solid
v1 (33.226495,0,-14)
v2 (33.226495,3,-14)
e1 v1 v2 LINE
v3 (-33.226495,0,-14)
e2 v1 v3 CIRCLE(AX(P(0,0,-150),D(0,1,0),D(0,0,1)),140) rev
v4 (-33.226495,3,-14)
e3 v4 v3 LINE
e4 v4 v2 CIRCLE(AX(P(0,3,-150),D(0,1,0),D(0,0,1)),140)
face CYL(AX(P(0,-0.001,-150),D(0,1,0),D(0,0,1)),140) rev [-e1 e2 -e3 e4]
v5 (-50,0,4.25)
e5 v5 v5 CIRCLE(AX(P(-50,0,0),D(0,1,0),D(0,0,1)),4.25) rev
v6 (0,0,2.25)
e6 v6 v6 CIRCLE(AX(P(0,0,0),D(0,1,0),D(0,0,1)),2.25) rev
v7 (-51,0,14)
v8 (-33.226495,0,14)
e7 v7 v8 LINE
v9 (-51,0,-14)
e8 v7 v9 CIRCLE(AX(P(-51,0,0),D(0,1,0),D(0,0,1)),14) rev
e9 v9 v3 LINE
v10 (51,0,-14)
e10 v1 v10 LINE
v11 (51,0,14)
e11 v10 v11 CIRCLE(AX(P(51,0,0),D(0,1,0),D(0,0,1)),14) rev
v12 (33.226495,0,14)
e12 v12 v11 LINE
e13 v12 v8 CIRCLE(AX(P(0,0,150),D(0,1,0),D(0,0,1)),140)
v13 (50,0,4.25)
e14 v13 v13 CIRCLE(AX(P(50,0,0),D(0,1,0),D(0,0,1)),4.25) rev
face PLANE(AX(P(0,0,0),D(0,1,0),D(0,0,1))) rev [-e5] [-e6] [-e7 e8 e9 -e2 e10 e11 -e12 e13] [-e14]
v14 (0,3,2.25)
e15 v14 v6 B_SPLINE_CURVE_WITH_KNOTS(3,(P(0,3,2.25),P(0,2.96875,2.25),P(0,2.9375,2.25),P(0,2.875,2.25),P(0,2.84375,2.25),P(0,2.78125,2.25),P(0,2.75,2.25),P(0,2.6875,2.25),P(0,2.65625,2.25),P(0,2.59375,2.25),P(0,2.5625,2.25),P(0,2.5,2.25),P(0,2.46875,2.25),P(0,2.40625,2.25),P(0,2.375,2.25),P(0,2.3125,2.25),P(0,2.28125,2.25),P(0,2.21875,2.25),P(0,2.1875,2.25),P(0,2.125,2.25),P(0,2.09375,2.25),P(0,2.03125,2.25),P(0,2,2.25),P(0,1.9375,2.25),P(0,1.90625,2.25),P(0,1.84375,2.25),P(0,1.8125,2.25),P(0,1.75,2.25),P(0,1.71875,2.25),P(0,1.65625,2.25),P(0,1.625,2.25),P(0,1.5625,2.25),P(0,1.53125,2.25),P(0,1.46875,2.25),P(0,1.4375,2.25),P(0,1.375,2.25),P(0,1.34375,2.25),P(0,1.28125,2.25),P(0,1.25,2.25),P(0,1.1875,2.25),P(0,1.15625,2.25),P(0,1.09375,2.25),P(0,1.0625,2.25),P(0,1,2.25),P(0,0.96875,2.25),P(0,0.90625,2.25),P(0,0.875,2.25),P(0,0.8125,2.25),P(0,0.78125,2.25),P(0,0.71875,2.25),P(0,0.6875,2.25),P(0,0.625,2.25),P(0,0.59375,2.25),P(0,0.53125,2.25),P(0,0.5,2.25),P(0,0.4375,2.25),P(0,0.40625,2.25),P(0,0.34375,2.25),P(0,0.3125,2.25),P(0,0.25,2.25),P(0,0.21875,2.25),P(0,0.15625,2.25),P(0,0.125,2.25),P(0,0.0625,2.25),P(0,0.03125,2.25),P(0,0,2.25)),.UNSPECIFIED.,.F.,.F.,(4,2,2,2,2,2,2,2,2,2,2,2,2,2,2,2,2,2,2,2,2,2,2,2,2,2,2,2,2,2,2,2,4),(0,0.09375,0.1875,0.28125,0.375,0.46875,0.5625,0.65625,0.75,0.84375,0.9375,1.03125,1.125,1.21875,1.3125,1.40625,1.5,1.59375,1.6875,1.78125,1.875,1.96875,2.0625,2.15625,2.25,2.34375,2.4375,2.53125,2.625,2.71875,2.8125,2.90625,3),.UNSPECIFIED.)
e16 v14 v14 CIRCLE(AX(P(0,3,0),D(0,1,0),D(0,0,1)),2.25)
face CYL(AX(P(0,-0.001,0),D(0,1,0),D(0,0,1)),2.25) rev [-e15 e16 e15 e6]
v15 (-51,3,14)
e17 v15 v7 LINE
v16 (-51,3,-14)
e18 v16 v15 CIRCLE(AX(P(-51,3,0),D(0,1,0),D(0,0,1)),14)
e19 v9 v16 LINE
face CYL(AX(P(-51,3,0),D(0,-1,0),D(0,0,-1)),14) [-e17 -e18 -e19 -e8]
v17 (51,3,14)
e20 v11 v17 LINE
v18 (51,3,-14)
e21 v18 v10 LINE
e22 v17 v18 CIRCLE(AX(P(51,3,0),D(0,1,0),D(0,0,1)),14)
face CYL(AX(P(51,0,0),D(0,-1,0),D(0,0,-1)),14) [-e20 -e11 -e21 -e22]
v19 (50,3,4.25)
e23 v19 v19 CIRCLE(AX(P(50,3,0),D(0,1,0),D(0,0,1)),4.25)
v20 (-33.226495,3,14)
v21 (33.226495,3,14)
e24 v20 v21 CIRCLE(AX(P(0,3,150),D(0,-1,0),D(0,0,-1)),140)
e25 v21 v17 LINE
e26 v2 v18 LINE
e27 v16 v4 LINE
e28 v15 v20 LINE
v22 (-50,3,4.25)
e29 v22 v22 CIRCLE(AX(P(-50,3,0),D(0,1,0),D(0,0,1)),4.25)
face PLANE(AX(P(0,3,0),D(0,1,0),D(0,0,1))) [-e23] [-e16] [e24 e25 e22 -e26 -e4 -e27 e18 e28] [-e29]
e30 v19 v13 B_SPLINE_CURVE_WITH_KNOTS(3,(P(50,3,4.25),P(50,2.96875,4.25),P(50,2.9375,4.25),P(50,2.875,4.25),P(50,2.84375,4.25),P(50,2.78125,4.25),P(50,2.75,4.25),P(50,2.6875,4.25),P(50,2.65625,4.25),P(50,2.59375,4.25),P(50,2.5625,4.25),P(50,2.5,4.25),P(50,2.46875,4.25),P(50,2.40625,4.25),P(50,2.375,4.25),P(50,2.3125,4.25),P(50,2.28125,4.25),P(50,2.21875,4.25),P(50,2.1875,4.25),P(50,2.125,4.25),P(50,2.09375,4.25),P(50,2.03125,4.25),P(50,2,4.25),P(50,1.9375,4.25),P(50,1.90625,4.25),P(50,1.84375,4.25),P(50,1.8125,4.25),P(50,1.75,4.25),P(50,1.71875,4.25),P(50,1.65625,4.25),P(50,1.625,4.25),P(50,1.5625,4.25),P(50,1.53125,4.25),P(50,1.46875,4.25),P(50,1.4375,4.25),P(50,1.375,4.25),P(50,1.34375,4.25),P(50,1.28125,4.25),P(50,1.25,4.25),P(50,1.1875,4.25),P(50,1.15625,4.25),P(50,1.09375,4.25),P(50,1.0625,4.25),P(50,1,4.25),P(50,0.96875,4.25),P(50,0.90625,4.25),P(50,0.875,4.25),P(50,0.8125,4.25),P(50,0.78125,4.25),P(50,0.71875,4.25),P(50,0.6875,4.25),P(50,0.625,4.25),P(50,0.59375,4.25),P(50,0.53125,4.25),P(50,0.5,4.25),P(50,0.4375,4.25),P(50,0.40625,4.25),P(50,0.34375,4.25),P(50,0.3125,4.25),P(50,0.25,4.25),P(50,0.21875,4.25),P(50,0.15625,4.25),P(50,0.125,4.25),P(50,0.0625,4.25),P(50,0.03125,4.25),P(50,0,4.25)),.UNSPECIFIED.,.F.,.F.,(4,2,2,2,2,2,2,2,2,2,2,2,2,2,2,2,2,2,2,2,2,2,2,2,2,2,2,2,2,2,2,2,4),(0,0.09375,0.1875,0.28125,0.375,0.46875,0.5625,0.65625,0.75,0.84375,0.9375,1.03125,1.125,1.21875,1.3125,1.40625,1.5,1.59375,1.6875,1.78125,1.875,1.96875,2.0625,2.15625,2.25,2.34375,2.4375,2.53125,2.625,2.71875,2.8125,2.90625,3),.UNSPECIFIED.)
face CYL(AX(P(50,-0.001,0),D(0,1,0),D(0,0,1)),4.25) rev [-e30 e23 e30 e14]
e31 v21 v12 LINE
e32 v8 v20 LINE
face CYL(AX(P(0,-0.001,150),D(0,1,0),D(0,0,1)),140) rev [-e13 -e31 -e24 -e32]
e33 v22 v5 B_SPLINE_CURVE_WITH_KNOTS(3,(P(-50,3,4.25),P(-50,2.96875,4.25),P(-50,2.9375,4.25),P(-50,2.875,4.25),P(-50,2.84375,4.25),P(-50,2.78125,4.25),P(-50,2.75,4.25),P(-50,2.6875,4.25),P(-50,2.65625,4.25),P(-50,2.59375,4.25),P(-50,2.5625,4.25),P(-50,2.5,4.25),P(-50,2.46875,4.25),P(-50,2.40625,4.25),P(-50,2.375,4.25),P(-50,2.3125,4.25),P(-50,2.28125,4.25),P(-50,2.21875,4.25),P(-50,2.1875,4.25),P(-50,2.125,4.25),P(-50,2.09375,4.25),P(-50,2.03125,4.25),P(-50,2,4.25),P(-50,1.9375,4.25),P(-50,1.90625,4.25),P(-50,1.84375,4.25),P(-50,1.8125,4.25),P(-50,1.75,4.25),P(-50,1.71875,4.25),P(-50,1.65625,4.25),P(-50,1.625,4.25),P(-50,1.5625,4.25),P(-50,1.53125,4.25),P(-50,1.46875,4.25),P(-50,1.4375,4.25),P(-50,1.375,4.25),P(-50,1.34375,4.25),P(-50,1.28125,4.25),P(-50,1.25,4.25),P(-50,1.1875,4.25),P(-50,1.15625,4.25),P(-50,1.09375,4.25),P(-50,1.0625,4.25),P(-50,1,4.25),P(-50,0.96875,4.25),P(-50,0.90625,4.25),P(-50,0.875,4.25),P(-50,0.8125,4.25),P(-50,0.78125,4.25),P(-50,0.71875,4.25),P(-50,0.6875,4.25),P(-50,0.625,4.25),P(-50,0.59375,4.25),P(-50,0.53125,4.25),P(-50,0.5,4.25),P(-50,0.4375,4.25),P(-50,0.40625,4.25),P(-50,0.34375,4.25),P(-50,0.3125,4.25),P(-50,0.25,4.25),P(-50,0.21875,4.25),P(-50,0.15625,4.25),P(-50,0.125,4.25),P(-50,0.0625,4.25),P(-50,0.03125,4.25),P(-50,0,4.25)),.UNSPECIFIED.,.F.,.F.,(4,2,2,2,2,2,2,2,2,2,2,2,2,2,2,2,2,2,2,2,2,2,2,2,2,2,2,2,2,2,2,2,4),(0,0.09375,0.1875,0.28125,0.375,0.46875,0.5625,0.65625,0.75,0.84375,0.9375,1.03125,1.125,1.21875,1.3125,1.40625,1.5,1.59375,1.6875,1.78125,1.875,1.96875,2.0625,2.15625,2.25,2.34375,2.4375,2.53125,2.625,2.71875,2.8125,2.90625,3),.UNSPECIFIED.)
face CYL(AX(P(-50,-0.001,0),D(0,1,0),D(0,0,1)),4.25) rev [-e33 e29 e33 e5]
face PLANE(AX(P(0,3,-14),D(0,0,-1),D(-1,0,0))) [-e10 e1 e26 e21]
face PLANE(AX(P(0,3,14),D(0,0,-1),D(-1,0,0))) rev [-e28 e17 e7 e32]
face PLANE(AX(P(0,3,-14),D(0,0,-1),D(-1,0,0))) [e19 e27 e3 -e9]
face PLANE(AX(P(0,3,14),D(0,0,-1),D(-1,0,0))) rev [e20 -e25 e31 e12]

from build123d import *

# Parameters (mm, degrees)
SKETCH_1_W          = 130
SKETCH_1_H          = 28
EXTRUDE_1_DEPTH     = 3
CUT_EXTRUDE_1_REACH = 68.558
SKETCH_2_R          = 4.25
SKETCH_2_R_2        = 2.25
FILLET_1_RADIUS     = 14
FILLET_1_LENGTH     = 3
CUT_EXTRUDE_3_REACH = 68.558
SKETCH_4_R          = 140
FILLET_2_RADIUS     = 14
FILLET_2_LENGTH     = 3


with BuildPart() as part:
    # 草图1 → 凸台-拉伸1 (new body)
    with BuildSketch(Plane(origin=(0, 0, 0), x_dir=(1, 0, 0), z_dir=(0, 1, 0))):
        Rectangle(SKETCH_1_W, SKETCH_1_H)
    extrude(amount=EXTRUDE_1_DEPTH)

    # 草图2 → 切除-拉伸1 (cut, up to next)
    with BuildSketch(Plane(origin=(0, 3, 0), x_dir=(1, 0, 0), z_dir=(0, 1, 0)), mode=Mode.PRIVATE) as cut_extrude_1_sk1:
        with Locations(Location((-50, 0, 0), (0, 0, 270))):
            Circle(SKETCH_2_R)
    cut_extrude_1_tool1 = extrude(cut_extrude_1_sk1.sketch, amount=-CUT_EXTRUDE_1_REACH, mode=Mode.PRIVATE) & part.part
    # 草图2 → 切除-拉伸1 (cut, up to next)
    with BuildSketch(Plane(origin=(0, 3, 0), x_dir=(1, 0, 0), z_dir=(0, 1, 0)), mode=Mode.PRIVATE) as cut_extrude_1_sk2:
        with Locations(Location((50, 0, 0), (0, 0, 270))):
            Circle(SKETCH_2_R)
    cut_extrude_1_tool2 = extrude(cut_extrude_1_sk2.sketch, amount=-CUT_EXTRUDE_1_REACH, mode=Mode.PRIVATE) & part.part
    # 草图2 → 切除-拉伸1 (cut, up to next)
    with BuildSketch(Plane(origin=(0, 3, 0), x_dir=(1, 0, 0), z_dir=(0, 1, 0)), mode=Mode.PRIVATE) as cut_extrude_1_sk3:
        with Locations(Location((0, 0, 0), (0, 0, 270))):
            Circle(SKETCH_2_R_2)
    cut_extrude_1_tool3 = extrude(cut_extrude_1_sk3.sketch, amount=-CUT_EXTRUDE_1_REACH, mode=Mode.PRIVATE) & part.part
    add(cut_extrude_1_tool1.solids().sort_by_distance((-50, 3, 0))[0], mode=Mode.SUBTRACT)
    add(cut_extrude_1_tool2.solids().sort_by_distance((50, 3, 0))[0], mode=Mode.SUBTRACT)
    add(cut_extrude_1_tool3.solids().sort_by_distance((0, 3, 0))[0], mode=Mode.SUBTRACT)

    # 圆角1: full round fillet: the end face becomes a half cylinder, R = half its width
    fillet_1_face = Plane((-65, 1.5, 0), x_dir=(0, 1, 0), z_dir=(-1, 0, 0))  # on the end face: x along it, z out of the body
    fillet_1_slab = fillet_1_face.offset(-FILLET_1_RADIUS / 2) * Box(FILLET_1_LENGTH, 2 * FILLET_1_RADIUS, FILLET_1_RADIUS, mode=Mode.PRIVATE)  # the body's end, R deep
    fillet_1_round = Plane((-51, 1.5, 0), x_dir=(-1, 0, 0), z_dir=(0, 1, 0)) * Cylinder(FILLET_1_RADIUS, FILLET_1_LENGTH, mode=Mode.PRIVATE)  # its axis R under the face
    add(fillet_1_slab - fillet_1_round, mode=Mode.SUBTRACT)

    # 草图4 → 切除-拉伸3 (cut, up to next)
    with BuildSketch(Plane(origin=(0, 3, 0), x_dir=(1, 0, 0), z_dir=(0, 1, 0)), mode=Mode.PRIVATE) as cut_extrude_3_sk1:
        with Locations((0, 150)):
            Circle(SKETCH_4_R)
    cut_extrude_3_tool1 = extrude(cut_extrude_3_sk1.sketch, amount=-CUT_EXTRUDE_3_REACH, mode=Mode.PRIVATE) & part.part
    cut_extrude_3 = cut_extrude_3_tool1.solids().sort_by_distance((0, 3, -150))[0]
    add(cut_extrude_3, mode=Mode.SUBTRACT)

    # 镜向1: 切除-拉伸3 across plane
    add(cut_extrude_3.mirror(Plane.XY), mode=Mode.SUBTRACT)

    # 圆角2: full round fillet: the end face becomes a half cylinder, R = half its width
    fillet_2_face = Plane((65, 1.5, 0), x_dir=(0, -1, 0), z_dir=(1, 0, 0))  # on the end face: x along it, z out of the body
    fillet_2_slab = fillet_2_face.offset(-FILLET_2_RADIUS / 2) * Box(FILLET_2_LENGTH, 2 * FILLET_2_RADIUS, FILLET_2_RADIUS, mode=Mode.PRIVATE)  # the body's end, R deep
    fillet_2_round = Plane((51, 1.5, 0), x_dir=(1, 0, 0), z_dir=(0, -1, 0)) * Cylinder(FILLET_2_RADIUS, FILLET_2_LENGTH, mode=Mode.PRIVATE)  # its axis R under the face
    add(fillet_2_slab - fillet_2_round, mode=Mode.SUBTRACT)


solid = part.part
